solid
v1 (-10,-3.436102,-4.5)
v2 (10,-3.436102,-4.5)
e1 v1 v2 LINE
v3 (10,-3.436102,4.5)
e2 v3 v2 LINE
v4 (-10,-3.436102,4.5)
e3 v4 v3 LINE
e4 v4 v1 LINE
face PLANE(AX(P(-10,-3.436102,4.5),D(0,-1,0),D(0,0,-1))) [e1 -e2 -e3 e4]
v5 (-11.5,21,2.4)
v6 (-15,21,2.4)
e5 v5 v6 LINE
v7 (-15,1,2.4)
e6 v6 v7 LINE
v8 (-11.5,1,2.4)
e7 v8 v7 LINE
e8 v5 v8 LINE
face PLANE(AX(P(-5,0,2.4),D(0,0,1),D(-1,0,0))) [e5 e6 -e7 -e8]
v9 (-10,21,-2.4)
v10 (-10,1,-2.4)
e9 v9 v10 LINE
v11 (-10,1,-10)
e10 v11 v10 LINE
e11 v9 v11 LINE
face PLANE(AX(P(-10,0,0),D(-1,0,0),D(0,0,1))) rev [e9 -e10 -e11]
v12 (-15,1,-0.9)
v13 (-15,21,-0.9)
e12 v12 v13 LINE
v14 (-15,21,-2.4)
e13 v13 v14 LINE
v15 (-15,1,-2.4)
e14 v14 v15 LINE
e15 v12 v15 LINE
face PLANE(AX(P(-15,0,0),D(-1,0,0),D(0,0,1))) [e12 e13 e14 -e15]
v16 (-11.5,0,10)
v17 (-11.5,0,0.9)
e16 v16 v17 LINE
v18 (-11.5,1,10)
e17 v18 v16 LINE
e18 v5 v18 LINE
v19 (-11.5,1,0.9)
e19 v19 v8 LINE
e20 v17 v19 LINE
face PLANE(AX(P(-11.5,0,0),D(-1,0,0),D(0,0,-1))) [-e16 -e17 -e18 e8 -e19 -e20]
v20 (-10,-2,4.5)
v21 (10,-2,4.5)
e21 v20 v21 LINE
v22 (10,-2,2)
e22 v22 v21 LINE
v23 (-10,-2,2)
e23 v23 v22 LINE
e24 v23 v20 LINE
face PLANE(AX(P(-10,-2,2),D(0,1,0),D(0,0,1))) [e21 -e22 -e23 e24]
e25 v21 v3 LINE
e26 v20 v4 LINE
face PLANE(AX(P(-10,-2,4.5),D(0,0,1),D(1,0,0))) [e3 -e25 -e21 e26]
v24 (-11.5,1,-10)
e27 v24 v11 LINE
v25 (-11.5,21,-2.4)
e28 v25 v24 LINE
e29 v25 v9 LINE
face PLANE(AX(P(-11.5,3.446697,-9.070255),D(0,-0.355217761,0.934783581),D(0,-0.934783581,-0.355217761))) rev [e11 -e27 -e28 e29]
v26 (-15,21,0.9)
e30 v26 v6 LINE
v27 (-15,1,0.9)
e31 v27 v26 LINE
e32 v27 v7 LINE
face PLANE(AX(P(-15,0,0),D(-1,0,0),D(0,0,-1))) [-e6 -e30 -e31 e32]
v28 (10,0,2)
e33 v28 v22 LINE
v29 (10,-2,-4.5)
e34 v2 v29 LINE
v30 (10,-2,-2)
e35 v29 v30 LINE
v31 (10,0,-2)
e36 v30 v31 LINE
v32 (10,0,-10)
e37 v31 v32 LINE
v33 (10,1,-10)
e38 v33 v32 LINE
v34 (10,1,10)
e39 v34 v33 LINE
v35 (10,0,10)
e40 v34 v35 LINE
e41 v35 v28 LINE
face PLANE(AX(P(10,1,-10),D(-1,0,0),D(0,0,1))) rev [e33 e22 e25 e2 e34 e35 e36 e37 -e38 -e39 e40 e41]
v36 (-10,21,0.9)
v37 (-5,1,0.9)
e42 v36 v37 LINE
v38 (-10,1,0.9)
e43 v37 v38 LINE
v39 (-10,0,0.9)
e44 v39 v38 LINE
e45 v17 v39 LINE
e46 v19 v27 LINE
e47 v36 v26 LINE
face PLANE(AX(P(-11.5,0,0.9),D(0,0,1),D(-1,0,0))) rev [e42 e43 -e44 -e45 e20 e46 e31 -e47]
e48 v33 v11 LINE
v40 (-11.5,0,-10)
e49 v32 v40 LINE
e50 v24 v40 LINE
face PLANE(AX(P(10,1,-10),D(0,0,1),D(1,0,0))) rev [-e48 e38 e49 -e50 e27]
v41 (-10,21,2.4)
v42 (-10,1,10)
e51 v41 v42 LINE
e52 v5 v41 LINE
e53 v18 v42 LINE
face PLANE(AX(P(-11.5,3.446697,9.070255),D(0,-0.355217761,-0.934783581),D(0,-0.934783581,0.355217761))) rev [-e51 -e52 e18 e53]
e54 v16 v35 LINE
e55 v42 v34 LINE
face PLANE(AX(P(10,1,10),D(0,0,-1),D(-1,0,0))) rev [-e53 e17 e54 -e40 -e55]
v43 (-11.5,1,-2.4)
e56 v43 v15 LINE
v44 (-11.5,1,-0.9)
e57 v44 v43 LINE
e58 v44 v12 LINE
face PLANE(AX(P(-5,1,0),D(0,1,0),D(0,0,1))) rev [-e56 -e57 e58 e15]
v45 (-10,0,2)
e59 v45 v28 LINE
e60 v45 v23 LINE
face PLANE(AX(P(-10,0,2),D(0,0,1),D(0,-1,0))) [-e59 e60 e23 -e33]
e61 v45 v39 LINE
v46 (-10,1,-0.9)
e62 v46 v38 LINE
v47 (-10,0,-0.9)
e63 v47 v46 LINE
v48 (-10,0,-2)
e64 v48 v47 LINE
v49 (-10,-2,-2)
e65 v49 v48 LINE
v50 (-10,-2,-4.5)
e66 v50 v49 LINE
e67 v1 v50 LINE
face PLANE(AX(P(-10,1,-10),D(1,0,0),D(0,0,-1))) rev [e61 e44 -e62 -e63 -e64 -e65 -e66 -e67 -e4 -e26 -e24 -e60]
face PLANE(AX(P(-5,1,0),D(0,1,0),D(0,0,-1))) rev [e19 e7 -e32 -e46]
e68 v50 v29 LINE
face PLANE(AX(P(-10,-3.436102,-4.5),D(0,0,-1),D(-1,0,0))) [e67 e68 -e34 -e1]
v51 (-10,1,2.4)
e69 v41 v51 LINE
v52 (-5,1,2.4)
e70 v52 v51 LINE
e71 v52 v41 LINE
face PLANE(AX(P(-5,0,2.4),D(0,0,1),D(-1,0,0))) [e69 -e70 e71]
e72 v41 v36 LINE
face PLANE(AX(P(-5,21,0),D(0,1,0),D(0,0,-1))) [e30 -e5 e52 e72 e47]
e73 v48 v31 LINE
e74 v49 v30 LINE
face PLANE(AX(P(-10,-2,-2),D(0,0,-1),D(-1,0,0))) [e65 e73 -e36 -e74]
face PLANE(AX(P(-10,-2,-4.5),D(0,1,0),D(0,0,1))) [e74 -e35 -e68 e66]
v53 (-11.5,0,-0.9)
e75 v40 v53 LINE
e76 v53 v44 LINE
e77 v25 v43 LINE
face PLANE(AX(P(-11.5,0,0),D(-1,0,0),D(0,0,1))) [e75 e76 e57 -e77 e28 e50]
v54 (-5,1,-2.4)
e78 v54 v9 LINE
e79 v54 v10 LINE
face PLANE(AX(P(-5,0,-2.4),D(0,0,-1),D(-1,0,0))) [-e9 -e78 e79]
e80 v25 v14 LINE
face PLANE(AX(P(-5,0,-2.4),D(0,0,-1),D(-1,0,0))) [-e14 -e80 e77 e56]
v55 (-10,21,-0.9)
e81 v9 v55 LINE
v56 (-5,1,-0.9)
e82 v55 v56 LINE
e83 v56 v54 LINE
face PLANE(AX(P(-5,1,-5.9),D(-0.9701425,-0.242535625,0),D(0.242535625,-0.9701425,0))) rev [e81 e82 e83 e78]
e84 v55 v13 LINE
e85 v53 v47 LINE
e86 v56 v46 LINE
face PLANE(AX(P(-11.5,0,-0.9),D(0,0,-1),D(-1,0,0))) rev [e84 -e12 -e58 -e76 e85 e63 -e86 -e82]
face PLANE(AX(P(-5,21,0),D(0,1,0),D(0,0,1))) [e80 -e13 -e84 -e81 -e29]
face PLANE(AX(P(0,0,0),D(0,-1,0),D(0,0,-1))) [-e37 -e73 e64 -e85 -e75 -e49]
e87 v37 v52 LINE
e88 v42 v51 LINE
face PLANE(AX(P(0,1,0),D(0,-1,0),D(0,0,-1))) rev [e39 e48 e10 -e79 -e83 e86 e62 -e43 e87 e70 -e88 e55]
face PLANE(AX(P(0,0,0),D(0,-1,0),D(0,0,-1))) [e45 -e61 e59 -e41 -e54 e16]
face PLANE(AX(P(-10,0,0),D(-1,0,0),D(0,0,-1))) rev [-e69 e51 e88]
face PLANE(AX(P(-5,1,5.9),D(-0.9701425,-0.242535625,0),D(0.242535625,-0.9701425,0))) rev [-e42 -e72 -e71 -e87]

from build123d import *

# Parameters (mm, degrees)
SKETCH1_W                = 20
SKETCH1_H                = 20
BOSS_EXTRUDE1_DEPTH      = 1
BOSS_EXTRUDE5_DEPTH      = 20
BOSS_EXTRUDE6_DEPTH      = 5
BOSS_EXTRUDE6_DEPTH_BACK = 5
SKETCH5_W                = 1.5
SKETCH5_H                = 20
CUT_EXTRUDE1_DEPTH       = 5
BOSS_EXTRUDE7_DEPTH      = 1.5


with BuildPart() as part:
    # Sketch1 → Boss-Extrude1 (new body)
    with BuildSketch(Plane(origin=(0, 0, 0), x_dir=(1, 0, 0), z_dir=(0, 1, 0))):
        Rectangle(SKETCH1_W, SKETCH1_H)
    extrude(amount=BOSS_EXTRUDE1_DEPTH)

    # Sketch4 → Boss-Extrude5 (add)
    with BuildSketch(Plane(origin=(10, 0, 0), x_dir=(0, 0, -1), z_dir=(1, 0, 0))):
        Polygon((-2, 0), (-2, -2), (-4.5, -2), (-4.5, -3.436102186), (4.5, -3.436102186), (4.5, -2), (2, -2), (2, 0), align=None)
    extrude(amount=-BOSS_EXTRUDE5_DEPTH)



with BuildPart() as body_2:
    # Sketch5 → Boss-Extrude6 (new, two sides: drawn at the far end of the back side and taken through both)
    with BuildSketch(Plane.ZY.offset(10).offset(-BOSS_EXTRUDE6_DEPTH_BACK)):
        with Locations((-1.65, 11)):
            Rectangle(SKETCH5_W, SKETCH5_H)
    extrude(amount=BOSS_EXTRUDE6_DEPTH + BOSS_EXTRUDE6_DEPTH_BACK)

    # Sketch6 → Cut-Extrude1 (cut)
    with BuildSketch(Plane.XY.offset(-0.9)):
        Polygon((-5, 1), (-10, 21), (-5, 21), align=None)
    extrude(amount=-CUT_EXTRUDE1_DEPTH, mode=Mode.SUBTRACT)


with BuildPart() as part_1:
    add(part.part)

    add(body_2.part)  # Boss-Extrude7 merges body 2
    # Sketch5<3> → Boss-Extrude7 (add)
    with BuildSketch(Plane.ZY.offset(10)):
        Polygon((-0.9, 0), (-0.9, 1), (-2.4, 1), (-2.4, 21), (-10, 1), (-10, 0), align=None)
    extrude(amount=BOSS_EXTRUDE7_DEPTH)

    # Mirror5: part across plane


with BuildPart() as part_2:
    add(part_1.part)
    add(part_1.part.mirror(Plane.XY))


solid = part_2.part
